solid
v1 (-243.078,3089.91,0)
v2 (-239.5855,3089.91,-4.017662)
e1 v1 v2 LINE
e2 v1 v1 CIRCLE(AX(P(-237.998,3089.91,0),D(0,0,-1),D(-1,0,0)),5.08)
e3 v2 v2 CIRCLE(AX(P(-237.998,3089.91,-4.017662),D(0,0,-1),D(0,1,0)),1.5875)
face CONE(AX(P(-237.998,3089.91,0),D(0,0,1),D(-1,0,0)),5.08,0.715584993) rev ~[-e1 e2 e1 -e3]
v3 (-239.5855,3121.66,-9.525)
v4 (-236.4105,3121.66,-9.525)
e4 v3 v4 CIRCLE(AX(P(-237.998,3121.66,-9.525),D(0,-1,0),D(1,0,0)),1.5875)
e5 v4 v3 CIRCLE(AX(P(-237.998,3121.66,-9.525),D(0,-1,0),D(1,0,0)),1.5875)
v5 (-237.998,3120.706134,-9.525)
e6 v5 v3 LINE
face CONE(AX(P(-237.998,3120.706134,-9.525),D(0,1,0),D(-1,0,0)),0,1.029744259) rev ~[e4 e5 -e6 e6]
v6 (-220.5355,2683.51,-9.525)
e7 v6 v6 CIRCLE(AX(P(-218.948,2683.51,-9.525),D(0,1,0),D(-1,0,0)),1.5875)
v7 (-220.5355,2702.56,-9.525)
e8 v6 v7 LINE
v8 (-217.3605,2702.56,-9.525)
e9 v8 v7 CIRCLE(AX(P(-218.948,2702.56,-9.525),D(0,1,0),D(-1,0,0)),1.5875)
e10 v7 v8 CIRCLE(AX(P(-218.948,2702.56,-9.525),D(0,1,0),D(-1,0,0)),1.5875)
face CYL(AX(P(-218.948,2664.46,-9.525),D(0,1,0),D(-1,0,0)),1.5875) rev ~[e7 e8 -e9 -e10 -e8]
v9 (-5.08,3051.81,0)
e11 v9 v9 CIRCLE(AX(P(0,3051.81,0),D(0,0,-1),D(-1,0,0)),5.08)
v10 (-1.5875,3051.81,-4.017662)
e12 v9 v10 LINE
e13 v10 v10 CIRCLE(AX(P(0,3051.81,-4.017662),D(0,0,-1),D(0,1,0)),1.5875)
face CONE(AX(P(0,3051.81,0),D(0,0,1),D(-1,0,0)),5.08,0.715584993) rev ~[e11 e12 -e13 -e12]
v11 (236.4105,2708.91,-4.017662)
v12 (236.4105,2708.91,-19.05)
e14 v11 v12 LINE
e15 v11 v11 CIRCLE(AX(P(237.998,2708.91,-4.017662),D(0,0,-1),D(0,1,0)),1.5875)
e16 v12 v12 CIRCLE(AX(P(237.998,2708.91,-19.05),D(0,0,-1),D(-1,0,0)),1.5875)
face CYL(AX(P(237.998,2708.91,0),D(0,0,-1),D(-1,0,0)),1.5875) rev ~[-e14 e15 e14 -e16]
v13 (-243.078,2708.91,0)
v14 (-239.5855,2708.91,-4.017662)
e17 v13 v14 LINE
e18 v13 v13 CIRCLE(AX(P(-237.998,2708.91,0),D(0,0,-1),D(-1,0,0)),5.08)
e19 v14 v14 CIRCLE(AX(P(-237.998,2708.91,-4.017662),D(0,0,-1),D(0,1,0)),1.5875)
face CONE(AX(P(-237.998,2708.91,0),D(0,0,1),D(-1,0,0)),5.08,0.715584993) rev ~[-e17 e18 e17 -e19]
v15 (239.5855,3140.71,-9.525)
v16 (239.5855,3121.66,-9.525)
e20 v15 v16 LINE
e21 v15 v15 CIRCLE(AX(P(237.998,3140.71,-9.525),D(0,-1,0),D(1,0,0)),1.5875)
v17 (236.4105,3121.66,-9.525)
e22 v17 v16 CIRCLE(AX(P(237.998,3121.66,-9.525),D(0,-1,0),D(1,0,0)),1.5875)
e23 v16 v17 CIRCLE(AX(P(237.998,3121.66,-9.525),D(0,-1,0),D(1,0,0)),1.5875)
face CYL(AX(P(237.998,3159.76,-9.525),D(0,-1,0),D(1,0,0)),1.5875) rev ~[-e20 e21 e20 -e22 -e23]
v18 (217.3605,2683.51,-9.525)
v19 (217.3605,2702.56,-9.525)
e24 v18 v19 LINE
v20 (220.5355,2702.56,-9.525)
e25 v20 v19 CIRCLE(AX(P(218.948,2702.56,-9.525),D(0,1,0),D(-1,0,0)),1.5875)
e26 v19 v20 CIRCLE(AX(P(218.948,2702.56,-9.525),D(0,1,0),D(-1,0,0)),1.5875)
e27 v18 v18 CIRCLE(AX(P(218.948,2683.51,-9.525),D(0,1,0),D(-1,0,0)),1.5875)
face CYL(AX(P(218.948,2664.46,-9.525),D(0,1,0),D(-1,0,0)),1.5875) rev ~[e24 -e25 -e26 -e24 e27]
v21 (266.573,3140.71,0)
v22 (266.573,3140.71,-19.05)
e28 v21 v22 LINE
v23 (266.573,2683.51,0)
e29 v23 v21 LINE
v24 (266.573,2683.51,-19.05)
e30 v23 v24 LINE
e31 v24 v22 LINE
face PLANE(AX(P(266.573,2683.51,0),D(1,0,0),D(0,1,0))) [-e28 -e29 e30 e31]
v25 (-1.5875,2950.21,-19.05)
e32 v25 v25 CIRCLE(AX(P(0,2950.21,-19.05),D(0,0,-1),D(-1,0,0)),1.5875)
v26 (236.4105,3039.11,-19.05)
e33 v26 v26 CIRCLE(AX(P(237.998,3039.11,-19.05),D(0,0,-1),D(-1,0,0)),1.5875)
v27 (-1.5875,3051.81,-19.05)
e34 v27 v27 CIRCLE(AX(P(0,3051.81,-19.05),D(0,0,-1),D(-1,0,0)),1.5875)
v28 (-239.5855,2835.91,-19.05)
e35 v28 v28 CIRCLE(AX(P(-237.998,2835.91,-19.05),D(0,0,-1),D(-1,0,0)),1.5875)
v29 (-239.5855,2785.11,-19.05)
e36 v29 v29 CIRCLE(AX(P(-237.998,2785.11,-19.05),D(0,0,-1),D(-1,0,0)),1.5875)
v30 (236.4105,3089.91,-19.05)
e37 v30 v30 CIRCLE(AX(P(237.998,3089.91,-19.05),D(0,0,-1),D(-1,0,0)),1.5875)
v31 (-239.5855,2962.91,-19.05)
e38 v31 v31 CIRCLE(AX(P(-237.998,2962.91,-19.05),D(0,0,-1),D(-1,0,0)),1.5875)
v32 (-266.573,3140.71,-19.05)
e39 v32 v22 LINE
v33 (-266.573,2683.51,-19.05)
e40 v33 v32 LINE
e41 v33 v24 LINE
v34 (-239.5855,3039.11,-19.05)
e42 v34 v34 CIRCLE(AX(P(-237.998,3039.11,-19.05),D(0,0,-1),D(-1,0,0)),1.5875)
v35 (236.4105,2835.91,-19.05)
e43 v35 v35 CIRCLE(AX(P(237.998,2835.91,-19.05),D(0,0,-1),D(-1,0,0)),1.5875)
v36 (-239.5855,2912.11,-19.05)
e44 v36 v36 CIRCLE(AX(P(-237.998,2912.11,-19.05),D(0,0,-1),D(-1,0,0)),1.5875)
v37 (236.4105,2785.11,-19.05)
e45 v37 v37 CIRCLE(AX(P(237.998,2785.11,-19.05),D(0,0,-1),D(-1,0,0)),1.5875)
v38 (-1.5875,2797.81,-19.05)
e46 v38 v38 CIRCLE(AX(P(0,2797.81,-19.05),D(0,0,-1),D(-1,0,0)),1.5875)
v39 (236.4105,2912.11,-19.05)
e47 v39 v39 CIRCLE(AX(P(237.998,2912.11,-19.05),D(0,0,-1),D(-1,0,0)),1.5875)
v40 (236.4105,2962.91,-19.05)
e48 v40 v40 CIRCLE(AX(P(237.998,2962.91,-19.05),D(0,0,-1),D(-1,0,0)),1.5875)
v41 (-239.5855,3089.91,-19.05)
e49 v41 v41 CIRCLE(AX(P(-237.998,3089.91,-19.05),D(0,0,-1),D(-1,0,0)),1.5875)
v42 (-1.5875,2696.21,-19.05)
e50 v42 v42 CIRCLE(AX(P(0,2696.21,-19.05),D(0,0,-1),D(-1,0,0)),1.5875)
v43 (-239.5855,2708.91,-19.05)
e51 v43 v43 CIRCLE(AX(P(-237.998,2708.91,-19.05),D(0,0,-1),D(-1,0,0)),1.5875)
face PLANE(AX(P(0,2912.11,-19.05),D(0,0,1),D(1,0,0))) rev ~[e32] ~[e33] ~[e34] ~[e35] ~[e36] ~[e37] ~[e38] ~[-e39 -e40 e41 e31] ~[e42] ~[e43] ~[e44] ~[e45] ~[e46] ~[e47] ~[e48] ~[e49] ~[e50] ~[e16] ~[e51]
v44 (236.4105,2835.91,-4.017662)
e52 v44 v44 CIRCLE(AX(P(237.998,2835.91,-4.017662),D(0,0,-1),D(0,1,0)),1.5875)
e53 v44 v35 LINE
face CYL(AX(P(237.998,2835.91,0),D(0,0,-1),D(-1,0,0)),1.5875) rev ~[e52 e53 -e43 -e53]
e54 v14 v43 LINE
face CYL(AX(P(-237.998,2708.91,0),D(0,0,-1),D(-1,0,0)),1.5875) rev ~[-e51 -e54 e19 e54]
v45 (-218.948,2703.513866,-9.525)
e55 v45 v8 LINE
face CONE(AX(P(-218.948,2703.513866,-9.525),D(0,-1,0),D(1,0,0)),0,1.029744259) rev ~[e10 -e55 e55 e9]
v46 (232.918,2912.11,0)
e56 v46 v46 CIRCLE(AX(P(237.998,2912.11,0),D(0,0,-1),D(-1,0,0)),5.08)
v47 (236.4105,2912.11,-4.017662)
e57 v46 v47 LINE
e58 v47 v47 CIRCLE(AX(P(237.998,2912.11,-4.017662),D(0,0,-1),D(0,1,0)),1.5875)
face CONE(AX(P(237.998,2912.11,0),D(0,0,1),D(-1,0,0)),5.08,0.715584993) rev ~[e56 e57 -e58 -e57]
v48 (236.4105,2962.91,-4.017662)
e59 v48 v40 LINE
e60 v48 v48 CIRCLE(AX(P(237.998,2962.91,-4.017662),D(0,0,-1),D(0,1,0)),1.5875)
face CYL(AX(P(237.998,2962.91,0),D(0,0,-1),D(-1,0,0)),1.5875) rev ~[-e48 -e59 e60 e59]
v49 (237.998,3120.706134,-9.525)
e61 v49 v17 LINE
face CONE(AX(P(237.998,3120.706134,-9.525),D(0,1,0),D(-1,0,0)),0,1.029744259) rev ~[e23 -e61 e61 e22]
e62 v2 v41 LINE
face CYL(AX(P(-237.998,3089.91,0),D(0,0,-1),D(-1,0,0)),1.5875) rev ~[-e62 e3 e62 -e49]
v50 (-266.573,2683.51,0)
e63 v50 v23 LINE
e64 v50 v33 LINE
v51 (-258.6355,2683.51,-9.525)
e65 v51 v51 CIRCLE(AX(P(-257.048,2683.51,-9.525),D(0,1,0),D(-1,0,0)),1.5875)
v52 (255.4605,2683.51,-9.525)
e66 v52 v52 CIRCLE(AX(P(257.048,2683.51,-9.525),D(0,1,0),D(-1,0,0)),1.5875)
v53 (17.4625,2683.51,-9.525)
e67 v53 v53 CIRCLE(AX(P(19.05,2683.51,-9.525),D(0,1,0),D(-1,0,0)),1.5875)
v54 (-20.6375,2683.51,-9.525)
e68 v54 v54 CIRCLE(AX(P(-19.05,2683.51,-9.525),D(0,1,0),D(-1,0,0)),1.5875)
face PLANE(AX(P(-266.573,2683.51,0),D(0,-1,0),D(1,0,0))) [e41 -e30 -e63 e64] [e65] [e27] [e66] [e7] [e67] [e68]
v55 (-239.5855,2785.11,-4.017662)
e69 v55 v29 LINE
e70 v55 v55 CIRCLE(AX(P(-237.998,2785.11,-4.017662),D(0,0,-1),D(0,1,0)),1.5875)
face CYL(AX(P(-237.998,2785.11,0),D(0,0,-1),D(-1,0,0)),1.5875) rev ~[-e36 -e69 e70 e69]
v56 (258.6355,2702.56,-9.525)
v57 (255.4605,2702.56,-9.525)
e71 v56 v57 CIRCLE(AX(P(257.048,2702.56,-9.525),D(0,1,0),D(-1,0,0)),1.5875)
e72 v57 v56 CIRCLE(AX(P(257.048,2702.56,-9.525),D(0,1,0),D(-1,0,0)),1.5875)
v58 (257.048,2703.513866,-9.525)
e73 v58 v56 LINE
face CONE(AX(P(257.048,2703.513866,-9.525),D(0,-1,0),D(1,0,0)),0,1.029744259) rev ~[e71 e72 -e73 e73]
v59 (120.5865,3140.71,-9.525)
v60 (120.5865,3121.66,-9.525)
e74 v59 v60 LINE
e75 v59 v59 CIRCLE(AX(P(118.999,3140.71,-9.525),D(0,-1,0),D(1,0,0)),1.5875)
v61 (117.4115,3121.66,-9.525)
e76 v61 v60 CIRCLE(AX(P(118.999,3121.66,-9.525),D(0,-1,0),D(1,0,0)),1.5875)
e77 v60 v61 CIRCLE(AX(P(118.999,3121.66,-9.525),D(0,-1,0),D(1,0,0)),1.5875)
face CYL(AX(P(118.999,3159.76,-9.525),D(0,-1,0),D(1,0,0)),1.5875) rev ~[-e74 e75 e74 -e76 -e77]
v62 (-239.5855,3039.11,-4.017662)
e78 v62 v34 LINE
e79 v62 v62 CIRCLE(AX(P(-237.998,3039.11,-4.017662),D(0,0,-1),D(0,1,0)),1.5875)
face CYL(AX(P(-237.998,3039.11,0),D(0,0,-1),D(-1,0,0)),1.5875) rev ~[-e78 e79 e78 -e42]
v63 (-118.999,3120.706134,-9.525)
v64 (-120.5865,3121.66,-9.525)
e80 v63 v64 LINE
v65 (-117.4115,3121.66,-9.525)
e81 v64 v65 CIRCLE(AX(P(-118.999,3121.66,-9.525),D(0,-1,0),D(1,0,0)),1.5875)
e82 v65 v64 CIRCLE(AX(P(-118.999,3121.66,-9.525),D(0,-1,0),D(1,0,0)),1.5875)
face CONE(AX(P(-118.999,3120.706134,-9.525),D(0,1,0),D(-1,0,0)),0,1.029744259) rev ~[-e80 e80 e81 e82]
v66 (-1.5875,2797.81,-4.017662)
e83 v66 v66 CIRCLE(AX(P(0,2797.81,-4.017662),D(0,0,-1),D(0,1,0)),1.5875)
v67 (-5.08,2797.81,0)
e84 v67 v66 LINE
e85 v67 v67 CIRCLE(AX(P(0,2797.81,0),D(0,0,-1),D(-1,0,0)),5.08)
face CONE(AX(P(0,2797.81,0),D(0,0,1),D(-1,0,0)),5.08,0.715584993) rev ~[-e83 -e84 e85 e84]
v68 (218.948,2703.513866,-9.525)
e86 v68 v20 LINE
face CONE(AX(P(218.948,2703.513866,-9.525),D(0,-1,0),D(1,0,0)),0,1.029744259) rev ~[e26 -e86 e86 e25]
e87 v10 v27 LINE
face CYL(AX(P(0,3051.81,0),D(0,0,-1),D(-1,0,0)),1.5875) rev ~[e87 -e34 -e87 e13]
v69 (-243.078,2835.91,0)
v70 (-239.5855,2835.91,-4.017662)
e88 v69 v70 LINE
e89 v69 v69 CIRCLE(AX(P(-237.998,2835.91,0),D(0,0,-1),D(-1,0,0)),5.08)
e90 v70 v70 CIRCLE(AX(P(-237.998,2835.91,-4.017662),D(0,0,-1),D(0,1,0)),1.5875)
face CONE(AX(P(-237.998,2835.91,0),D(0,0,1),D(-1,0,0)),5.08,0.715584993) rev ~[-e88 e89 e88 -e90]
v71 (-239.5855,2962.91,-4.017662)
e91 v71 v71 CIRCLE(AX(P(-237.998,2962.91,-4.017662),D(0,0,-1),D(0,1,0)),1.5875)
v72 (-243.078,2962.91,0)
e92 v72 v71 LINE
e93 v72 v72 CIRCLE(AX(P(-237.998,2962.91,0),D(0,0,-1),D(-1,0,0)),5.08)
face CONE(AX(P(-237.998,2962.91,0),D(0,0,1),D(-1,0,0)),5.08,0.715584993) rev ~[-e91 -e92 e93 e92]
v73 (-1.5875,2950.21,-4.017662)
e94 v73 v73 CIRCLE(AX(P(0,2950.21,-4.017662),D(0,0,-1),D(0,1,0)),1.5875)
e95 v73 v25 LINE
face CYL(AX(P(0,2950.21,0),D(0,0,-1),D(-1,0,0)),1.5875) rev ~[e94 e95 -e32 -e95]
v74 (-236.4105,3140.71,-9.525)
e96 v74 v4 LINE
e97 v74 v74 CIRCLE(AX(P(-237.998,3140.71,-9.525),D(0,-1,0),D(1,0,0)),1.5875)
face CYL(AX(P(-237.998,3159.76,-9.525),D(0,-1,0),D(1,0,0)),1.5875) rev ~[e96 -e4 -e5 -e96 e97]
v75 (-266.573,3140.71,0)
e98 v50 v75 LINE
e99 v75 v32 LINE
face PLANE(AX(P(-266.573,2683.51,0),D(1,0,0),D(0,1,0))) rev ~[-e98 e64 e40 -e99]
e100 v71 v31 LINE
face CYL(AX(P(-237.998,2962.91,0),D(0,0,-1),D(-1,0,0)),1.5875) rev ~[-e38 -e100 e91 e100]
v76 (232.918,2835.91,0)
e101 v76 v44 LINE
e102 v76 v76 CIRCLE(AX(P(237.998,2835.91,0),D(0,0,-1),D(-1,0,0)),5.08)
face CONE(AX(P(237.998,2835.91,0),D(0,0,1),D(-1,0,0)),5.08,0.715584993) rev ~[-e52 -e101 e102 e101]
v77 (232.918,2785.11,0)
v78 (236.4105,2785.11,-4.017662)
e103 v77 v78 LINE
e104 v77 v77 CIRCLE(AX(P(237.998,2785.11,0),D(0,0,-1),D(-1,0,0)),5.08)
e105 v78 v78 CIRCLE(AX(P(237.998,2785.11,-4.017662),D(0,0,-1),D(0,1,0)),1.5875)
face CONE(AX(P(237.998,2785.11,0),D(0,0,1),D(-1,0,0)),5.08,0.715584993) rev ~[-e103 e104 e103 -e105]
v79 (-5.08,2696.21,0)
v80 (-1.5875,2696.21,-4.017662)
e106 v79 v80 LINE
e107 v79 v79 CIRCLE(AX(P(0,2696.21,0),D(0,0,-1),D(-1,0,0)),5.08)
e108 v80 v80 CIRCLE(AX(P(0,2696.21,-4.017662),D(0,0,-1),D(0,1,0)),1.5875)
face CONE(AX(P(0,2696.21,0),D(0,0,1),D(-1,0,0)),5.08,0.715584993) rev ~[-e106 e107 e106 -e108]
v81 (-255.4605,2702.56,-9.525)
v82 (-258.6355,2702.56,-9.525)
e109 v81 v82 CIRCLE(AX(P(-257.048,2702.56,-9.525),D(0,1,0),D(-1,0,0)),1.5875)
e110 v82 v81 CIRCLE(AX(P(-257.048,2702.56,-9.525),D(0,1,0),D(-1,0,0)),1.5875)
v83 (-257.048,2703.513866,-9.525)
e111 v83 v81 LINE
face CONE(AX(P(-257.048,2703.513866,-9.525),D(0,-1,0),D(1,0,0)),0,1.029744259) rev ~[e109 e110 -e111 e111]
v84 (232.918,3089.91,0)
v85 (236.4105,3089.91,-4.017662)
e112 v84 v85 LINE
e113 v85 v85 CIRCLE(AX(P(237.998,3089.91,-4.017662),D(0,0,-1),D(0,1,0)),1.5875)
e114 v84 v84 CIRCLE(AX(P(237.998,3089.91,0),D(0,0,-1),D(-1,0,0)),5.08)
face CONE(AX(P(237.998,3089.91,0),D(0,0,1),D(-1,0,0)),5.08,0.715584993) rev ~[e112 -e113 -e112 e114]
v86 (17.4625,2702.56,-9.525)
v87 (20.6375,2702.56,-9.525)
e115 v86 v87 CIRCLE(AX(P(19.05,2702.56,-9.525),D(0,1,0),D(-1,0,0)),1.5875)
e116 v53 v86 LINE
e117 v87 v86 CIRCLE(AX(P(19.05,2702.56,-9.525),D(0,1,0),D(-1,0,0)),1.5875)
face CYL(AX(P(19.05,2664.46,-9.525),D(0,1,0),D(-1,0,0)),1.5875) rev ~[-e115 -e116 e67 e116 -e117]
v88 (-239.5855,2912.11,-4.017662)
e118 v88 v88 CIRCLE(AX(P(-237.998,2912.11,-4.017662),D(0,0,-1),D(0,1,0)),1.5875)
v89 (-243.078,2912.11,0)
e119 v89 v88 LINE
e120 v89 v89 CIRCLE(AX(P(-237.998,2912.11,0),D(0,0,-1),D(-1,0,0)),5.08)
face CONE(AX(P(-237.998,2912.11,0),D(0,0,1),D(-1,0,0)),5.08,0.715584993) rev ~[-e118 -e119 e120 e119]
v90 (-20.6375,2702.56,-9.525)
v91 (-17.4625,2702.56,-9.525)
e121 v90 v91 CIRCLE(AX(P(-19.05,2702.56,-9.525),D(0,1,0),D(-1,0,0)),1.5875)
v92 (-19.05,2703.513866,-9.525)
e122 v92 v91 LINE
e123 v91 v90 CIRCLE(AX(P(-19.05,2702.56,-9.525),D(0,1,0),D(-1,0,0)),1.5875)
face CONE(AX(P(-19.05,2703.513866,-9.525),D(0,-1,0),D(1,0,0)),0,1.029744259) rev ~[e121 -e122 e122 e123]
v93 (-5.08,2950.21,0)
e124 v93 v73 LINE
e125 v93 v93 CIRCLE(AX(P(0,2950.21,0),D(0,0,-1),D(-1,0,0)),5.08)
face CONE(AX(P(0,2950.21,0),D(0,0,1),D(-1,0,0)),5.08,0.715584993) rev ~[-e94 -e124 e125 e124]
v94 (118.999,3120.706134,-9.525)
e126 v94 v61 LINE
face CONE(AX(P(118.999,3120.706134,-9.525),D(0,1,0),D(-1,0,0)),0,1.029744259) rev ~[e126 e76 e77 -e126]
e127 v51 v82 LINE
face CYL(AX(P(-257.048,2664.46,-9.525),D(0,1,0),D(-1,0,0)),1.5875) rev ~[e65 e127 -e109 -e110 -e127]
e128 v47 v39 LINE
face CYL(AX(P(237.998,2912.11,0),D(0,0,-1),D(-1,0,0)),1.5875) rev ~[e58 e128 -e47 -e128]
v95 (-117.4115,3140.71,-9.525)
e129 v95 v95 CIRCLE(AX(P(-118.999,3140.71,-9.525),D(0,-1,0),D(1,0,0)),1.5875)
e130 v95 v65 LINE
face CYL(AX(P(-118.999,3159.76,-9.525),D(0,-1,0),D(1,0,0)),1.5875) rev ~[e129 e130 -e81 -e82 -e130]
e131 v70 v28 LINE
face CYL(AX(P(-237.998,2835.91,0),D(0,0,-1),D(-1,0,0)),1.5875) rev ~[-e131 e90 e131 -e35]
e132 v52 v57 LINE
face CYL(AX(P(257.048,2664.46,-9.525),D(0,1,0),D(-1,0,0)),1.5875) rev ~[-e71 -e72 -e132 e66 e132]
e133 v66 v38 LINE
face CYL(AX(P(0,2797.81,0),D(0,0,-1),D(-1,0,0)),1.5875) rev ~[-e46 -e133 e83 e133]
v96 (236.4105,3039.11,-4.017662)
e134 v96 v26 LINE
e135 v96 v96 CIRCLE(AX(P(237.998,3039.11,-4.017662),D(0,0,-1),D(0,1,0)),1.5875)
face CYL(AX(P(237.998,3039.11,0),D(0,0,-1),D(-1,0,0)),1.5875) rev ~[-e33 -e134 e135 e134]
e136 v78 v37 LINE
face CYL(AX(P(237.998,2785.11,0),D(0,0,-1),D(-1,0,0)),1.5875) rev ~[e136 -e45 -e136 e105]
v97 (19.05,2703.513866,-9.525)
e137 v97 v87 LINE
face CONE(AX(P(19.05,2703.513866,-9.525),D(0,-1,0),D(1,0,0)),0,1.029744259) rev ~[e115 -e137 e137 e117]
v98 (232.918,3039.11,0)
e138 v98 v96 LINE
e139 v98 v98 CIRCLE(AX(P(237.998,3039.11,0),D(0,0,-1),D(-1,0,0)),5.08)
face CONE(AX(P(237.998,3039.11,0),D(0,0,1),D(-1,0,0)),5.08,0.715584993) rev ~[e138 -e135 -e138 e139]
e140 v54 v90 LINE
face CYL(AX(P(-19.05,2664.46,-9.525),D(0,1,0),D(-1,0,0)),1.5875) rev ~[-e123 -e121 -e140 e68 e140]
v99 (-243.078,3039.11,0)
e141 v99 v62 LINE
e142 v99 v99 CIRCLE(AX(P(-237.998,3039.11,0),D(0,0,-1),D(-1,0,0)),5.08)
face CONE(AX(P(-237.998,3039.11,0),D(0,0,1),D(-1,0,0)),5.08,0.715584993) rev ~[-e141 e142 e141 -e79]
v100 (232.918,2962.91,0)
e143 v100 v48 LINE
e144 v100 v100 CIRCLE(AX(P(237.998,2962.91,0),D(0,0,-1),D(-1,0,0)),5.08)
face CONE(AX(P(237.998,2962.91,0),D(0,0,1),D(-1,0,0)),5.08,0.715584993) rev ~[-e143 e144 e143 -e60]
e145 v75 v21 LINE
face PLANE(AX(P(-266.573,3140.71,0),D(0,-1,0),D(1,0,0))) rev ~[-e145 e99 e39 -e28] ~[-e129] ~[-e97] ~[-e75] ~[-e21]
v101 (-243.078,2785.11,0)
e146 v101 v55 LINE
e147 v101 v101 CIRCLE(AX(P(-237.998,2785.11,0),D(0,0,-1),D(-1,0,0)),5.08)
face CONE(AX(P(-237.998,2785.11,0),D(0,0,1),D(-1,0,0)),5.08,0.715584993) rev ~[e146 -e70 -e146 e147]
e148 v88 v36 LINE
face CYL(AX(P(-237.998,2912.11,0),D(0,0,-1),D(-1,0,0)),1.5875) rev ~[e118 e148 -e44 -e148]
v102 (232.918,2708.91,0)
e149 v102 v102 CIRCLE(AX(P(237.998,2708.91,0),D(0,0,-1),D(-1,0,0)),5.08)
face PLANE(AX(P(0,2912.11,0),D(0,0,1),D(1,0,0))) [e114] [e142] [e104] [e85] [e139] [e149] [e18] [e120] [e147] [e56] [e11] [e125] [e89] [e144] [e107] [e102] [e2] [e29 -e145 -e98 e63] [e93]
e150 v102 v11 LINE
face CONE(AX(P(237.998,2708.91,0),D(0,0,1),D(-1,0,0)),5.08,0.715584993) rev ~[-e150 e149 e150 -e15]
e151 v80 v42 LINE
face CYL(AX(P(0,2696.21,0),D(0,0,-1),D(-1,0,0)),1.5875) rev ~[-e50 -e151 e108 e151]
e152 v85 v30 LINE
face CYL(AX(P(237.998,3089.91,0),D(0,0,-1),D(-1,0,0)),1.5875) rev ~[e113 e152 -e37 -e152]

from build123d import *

# Parameters (mm, degrees)
SKETCH1_W           = 533.146
SKETCH1_H           = 457.2
BOSS_EXTRUDE1_DEPTH = 19.05
HOLE1_D             = 3.175
HOLE1_DEPTH         = 50.8
HOLE1_CSINK_D       = 10.16
HOLE1_CSINK_ANGLE   = 82
HOLE1_TIP           = 0.953866233
HOLE2_D             = 3.175
HOLE2_DEPTH         = 38.1
HOLE2_CSINK_D       = 10.16
HOLE2_CSINK_ANGLE   = 82
HOLE2_TIP           = 0.953866233
HOLE3_D             = 3.175
HOLE3_DEPTH         = 38.1
HOLE3_CSINK_D       = 10.16
HOLE3_CSINK_ANGLE   = 82
HOLE3_TIP           = 0.953866233


with BuildPart() as part:
    # Sketch1 → Boss-Extrude1 (new body)
    with BuildSketch(Plane.XY):
        with Locations((0, 2912.11)):
            Rectangle(SKETCH1_W, SKETCH1_H)
    extrude(amount=-BOSS_EXTRUDE1_DEPTH)

    # Hole1
    with Locations(Plane.XY):
        with Locations((0, 2696.21), (-237.998, 3089.91), (-237.998, 3039.11), (-237.998, 2962.91), (-237.998, 2912.11), (-237.998, 2835.91), (-237.998, 2785.11), (-237.998, 2708.91), (237.998, 2708.91), (237.998, 2785.11), (237.998, 2835.91), (237.998, 2912.11), (237.998, 2962.91), (237.998, 3039.11), (237.998, 3089.91), (0, 3051.81), (0, 2950.21), (0, 2797.81)):
            CounterSinkHole(HOLE1_D / 2, HOLE1_CSINK_D / 2, depth=HOLE1_DEPTH, counter_sink_angle=HOLE1_CSINK_ANGLE)
            with Locations((0, 0, -(HOLE1_DEPTH + HOLE1_TIP / 2))):  # 118° drill point
                Cone(0, HOLE1_D / 2, HOLE1_TIP, mode=Mode.SUBTRACT)

    # Hole2
    with Locations(Plane(origin=(0, 3159.76, -7002.779994921), x_dir=(-1, 0, 0), z_dir=(0, 1, 0))):
        with Locations((-118.999, 6993.254994921), (237.998, 6993.254994921), (237.998, 6958.329994921), (237.998, 6845.512682081), (-237.998, 6993.254994921), (-237.998, 6958.329994921), (-237.998, 6845.512682081), (118.999, 6993.254994921)):
            CounterSinkHole(HOLE2_D / 2, HOLE2_CSINK_D / 2, depth=HOLE2_DEPTH, counter_sink_angle=HOLE2_CSINK_ANGLE)
            with Locations((0, 0, -(HOLE2_DEPTH + HOLE2_TIP / 2))):  # 118° drill point
                Cone(0, HOLE2_D / 2, HOLE2_TIP, mode=Mode.SUBTRACT)

    # Hole3
    with Locations(Plane(origin=(0, 2664.46, -7002.779994921), x_dir=(1, 0, 0), z_dir=(0, -1, 0))):
        with Locations((-237.998, 6686.191891629), (237.998, 6686.191891629), (257.048, 6993.254994921), (218.948, 6993.254994921), (19.05, 6993.254994921), (237.998, 6939.279994921), (237.998, 6812.735943275), (-237.998, 6812.735943275), (-237.998, 6939.279994921), (-19.05, 6993.254994921), (-218.948, 6993.254994921), (-257.048, 6993.254994921)):
            CounterSinkHole(HOLE3_D / 2, HOLE3_CSINK_D / 2, depth=HOLE3_DEPTH, counter_sink_angle=HOLE3_CSINK_ANGLE)
            with Locations((0, 0, -(HOLE3_DEPTH + HOLE3_TIP / 2))):  # 118° drill point
                Cone(0, HOLE3_D / 2, HOLE3_TIP, mode=Mode.SUBTRACT)


solid = part.part
